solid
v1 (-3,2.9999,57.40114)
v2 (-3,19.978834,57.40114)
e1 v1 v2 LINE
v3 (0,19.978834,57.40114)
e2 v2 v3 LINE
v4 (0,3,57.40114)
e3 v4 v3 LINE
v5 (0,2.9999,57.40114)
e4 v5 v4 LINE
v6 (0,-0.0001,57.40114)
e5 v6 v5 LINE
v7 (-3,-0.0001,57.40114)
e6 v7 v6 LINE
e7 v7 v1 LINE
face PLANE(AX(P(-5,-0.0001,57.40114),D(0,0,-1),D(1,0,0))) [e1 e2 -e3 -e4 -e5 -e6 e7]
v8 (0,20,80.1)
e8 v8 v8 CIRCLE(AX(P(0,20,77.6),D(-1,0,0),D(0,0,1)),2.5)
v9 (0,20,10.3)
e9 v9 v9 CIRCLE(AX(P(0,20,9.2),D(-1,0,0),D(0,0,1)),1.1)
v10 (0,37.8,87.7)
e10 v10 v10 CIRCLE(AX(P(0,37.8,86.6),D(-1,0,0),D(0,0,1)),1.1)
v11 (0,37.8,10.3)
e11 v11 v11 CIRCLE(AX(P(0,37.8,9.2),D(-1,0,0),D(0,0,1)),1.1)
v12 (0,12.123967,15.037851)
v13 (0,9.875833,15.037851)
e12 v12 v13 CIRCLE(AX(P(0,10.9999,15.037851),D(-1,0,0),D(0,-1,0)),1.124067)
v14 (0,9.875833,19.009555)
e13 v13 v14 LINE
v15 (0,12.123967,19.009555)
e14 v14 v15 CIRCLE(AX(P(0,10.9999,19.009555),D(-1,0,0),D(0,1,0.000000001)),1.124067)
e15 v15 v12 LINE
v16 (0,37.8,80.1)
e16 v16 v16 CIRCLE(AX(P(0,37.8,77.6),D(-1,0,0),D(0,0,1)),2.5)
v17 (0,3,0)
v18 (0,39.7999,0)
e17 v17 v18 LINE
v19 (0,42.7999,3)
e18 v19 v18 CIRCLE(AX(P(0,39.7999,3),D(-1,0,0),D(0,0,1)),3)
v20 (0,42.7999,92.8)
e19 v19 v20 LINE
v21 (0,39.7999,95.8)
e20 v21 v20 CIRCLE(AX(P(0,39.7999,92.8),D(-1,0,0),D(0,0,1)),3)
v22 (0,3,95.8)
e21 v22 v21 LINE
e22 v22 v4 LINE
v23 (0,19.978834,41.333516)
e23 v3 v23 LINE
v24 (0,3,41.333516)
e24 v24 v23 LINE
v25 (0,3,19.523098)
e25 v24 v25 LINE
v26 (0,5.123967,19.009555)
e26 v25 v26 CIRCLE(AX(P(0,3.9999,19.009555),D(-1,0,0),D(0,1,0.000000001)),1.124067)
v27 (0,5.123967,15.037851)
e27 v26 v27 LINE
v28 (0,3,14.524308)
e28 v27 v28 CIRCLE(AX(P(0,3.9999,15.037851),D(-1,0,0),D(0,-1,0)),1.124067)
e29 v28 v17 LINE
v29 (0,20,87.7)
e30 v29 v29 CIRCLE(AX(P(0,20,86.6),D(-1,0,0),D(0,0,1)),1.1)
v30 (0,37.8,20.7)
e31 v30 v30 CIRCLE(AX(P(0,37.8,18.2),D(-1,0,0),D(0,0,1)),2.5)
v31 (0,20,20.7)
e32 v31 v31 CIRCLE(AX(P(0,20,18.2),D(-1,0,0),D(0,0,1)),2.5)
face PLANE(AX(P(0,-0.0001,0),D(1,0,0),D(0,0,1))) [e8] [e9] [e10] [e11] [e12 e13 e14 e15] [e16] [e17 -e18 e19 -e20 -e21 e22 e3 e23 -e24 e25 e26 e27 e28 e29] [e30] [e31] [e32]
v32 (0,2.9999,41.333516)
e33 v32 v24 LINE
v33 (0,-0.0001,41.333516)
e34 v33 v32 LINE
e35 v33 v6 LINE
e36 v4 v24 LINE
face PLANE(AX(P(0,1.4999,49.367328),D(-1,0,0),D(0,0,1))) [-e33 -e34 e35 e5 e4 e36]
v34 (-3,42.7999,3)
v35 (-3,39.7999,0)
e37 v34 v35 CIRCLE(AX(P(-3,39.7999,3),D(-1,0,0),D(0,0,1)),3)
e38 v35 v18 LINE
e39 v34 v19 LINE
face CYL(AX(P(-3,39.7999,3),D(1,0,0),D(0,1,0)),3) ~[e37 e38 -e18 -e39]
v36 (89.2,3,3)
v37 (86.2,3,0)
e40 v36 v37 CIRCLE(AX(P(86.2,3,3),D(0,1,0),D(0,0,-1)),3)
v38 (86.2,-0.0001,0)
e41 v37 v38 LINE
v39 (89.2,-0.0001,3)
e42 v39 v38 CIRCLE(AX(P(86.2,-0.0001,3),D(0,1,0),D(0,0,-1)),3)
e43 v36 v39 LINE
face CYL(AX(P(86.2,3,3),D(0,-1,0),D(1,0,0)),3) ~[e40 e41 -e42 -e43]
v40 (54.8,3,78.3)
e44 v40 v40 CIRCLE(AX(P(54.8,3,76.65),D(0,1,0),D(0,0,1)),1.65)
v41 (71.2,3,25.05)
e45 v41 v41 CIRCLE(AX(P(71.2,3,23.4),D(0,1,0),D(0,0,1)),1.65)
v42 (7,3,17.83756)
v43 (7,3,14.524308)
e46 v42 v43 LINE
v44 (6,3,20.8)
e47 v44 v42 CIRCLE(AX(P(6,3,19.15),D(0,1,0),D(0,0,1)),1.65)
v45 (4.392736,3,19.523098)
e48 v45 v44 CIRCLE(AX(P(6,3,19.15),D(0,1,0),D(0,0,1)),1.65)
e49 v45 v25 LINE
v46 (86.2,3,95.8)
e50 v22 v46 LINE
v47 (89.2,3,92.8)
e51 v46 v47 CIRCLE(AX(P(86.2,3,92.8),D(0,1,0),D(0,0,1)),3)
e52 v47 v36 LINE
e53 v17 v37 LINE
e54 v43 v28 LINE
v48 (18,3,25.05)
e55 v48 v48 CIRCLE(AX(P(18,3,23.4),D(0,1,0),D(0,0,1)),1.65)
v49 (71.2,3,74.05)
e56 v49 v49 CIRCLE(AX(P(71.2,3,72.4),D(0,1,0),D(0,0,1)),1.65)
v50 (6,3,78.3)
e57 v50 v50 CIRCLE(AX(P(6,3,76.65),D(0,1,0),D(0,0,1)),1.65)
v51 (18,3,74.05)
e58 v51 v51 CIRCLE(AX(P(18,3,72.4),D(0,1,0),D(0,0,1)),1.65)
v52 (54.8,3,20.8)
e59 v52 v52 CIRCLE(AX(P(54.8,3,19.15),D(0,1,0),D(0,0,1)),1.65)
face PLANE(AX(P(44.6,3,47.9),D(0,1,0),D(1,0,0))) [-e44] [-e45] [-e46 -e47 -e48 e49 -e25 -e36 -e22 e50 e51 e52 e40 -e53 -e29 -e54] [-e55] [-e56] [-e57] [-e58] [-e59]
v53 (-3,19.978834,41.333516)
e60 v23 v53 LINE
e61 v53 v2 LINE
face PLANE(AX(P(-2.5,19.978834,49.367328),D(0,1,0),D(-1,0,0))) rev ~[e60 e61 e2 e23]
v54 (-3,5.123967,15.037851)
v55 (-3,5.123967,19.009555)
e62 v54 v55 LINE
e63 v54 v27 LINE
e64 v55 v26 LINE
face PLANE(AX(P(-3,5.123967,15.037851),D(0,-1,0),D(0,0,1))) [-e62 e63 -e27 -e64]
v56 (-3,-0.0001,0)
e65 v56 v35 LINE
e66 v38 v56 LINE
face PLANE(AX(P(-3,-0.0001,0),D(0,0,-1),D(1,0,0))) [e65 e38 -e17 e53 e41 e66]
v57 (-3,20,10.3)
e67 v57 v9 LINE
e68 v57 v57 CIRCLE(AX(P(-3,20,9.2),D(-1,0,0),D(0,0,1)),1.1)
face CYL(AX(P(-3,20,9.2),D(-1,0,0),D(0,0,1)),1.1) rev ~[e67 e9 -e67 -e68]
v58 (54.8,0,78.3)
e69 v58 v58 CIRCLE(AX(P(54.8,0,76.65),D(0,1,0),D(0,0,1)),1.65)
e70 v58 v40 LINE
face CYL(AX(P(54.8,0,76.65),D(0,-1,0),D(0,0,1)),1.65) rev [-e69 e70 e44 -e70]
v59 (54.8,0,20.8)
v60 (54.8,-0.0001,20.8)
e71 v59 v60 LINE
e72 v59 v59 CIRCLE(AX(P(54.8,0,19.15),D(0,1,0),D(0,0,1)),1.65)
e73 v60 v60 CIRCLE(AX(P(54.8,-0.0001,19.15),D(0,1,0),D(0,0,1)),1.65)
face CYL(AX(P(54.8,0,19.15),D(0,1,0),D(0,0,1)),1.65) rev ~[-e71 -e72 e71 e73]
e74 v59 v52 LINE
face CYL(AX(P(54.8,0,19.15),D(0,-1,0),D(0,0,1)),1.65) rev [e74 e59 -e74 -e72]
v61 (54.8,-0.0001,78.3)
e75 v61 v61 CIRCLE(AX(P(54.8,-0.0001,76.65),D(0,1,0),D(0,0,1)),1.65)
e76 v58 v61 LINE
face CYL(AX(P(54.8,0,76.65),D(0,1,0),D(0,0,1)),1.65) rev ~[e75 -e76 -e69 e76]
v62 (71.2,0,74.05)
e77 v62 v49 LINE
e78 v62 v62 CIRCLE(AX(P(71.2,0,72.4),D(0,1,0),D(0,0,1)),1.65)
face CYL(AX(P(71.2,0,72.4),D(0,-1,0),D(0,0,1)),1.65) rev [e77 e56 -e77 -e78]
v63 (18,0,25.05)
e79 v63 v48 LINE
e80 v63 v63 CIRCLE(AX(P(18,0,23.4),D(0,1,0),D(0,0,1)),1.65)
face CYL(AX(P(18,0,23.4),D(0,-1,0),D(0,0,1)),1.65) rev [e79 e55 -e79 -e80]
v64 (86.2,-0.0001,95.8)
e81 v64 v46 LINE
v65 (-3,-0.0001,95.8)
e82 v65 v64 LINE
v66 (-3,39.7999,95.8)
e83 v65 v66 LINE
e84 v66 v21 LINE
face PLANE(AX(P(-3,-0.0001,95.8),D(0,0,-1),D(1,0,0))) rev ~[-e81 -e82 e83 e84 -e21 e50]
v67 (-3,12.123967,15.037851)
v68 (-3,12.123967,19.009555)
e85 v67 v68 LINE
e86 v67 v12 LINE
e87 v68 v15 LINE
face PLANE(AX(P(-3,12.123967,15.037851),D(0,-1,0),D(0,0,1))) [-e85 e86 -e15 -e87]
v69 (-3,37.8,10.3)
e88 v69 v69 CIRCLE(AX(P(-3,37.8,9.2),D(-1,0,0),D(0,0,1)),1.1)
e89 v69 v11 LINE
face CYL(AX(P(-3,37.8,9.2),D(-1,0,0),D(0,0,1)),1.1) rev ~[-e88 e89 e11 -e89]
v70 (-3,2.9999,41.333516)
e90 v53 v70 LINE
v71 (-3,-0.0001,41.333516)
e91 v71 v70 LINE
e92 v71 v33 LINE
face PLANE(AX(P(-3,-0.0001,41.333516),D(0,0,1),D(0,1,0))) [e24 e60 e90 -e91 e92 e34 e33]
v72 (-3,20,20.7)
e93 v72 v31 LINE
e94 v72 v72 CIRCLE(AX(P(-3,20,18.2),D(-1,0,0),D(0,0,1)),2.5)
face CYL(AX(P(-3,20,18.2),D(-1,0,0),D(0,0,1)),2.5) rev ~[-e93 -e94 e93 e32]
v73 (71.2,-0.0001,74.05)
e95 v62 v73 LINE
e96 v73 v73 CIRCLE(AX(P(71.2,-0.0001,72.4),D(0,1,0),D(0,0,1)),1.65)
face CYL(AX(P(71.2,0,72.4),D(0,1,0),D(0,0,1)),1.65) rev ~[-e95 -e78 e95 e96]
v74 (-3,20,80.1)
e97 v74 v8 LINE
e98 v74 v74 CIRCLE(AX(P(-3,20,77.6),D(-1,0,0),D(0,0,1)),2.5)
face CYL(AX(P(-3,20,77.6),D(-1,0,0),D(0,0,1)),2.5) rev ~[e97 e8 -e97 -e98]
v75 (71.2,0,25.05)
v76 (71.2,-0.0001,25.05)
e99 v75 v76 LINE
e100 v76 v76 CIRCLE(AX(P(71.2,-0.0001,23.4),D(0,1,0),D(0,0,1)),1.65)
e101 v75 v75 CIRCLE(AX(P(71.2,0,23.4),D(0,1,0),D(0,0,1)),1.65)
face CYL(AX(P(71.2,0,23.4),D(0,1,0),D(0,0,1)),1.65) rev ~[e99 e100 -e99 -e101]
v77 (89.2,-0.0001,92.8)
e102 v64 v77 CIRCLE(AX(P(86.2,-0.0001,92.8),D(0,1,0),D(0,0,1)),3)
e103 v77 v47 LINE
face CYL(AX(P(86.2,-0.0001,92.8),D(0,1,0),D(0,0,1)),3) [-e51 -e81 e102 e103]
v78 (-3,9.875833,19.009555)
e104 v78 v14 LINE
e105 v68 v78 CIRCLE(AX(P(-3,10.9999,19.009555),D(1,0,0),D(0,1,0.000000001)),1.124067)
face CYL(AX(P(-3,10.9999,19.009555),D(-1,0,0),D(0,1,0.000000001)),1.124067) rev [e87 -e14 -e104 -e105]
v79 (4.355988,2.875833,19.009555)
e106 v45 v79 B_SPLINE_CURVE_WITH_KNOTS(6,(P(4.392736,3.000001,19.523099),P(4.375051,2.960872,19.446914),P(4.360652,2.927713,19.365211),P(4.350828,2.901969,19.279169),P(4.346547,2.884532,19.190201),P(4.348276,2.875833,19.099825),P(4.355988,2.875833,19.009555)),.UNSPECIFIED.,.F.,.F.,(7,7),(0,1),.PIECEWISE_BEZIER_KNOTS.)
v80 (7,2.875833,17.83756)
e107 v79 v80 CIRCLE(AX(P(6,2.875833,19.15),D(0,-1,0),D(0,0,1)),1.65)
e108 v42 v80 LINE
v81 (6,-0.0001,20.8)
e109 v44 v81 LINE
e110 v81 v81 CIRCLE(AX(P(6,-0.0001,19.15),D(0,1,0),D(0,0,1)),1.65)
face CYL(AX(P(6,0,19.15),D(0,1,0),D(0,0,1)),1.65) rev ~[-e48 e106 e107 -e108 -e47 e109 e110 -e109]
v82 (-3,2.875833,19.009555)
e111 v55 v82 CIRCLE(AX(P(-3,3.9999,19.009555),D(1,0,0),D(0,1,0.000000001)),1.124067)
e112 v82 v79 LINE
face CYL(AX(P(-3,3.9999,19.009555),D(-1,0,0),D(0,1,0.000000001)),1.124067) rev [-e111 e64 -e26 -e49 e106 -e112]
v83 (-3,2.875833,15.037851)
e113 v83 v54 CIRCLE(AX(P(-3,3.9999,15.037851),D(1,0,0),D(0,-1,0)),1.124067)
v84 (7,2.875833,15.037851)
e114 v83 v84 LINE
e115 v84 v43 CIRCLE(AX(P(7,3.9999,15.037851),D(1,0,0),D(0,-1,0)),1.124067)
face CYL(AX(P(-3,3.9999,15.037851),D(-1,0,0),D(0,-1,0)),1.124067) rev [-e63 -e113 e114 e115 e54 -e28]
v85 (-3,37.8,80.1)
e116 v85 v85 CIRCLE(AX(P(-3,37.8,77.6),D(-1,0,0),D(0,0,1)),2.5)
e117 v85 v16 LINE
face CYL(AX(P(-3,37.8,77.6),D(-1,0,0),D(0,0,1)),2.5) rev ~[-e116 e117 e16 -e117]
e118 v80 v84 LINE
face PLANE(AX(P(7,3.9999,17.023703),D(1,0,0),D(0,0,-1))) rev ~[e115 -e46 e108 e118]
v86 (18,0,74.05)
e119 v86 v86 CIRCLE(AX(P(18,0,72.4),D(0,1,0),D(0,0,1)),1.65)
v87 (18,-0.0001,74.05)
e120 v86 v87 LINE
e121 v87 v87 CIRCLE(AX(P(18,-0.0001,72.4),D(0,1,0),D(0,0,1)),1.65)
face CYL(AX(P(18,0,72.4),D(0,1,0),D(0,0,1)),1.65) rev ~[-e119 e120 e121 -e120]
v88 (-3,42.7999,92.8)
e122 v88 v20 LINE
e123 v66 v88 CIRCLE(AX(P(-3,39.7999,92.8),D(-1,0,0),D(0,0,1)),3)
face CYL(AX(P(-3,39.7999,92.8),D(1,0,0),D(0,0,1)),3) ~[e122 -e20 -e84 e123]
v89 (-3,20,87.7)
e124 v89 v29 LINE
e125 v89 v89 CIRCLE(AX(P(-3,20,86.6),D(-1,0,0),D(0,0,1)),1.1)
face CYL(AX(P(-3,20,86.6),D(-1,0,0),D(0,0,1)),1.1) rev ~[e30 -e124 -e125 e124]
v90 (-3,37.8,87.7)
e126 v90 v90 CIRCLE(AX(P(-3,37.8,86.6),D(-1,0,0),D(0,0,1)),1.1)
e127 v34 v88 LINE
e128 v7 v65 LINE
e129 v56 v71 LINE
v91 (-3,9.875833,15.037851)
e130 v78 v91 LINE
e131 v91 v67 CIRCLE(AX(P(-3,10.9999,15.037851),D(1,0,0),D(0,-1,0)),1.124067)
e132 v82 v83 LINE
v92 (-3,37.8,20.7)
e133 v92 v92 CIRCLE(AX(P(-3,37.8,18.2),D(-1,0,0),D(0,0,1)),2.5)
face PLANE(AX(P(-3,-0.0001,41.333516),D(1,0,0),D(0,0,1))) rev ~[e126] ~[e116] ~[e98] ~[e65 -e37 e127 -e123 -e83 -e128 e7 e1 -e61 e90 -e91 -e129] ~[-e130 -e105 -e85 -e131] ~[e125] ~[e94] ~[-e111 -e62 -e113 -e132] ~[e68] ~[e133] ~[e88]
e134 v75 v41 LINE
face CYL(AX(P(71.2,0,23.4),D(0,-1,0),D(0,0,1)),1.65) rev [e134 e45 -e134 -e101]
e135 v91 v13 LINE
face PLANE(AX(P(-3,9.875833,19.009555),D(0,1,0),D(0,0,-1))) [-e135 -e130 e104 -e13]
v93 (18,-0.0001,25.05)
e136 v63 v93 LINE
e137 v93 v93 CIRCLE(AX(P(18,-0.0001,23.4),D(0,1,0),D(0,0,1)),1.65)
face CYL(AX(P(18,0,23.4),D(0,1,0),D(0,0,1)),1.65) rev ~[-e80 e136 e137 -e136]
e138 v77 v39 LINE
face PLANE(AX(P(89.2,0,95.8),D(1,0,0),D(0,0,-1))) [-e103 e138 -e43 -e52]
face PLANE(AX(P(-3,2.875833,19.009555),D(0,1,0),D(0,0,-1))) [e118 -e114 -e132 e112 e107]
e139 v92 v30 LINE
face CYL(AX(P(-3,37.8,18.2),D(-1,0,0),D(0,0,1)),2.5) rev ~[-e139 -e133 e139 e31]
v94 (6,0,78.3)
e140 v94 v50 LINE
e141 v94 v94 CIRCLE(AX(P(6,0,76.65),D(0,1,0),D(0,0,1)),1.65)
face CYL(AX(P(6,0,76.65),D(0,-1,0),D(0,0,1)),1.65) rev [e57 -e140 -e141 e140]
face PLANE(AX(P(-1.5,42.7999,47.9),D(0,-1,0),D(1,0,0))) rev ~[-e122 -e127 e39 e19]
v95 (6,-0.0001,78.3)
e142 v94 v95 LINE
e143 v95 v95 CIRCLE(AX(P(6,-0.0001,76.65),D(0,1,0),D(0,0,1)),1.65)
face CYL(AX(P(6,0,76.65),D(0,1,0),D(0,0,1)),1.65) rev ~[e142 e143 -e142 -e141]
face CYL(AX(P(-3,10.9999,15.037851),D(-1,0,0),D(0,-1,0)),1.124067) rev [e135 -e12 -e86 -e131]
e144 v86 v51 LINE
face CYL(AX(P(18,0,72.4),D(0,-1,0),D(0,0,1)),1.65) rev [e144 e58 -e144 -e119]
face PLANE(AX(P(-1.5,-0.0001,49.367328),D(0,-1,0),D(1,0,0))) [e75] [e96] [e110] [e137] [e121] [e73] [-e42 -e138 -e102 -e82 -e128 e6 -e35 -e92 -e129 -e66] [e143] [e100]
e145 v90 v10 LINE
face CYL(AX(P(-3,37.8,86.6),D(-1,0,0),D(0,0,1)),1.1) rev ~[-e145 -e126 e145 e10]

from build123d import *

# Parameters (mm, degrees)
SKETCH_3_W           = 89.2
SKETCH_3_H           = 95.8
SKETCH_3_R           = 1.65
EXTRUDE_1_DEPTH      = 3
EXTRUDE_1_DEPTH_BACK = 0.0001
SKETCH_6_W           = 3
SKETCH_6_H           = 95.8
EXTRUDE_3_DEPTH      = 42.8
SKETCH_8_R           = 1.1
CUT_EXTRUDE_6_DEPTH  = 47.8
SKETCH_8_9_R         = 1.1
CUT_EXTRUDE_7_DEPTH  = 47.8
SKETCH_8_10_R        = 1.1
CUT_EXTRUDE_8_DEPTH  = 47.8
SKETCH_8_11_R        = 1.1
CUT_EXTRUDE_9_DEPTH  = 47.8
SKETCH_12_R          = 2.5
CUT_EXTRUDE_10_DEPTH = 47.8
SKETCH_12_4_R        = 2.5
CUT_EXTRUDE_11_DEPTH = 47.8
CUT_EXTRUDE_21_DEPTH = 19.978934005
SKETCH_16_W          = 3
SKETCH_16_H          = 16.067623689
EXTRUDE_4_DEPTH      = 3
SKETCH_17_W          = 16.067623689
SKETCH_17_H          = 3
CUT_EXTRUDE_22_DEPTH = 3
CUT_EXTRUDE_23_DEPTH = 10
FILLET_1_R           = 3
FILLET_2_R           = 3
FILLET_3_R           = 3
FILLET_4_R           = 3


with BuildPart() as part:
    # Sketch 3 → Extrude 1 (new body, two sides)
    with BuildSketch(Plane(origin=(0, 0, 0), x_dir=(1, 0, 0), z_dir=(0, 1, 0))) as extrude_1_sk:
        with Locations((44.6, -47.9)):
            Rectangle(SKETCH_3_W, SKETCH_3_H)
        with Locations(Location((18, -23.4, 0), (0, 0, 270))):  # turned: the seam where the file's is
            Circle(SKETCH_3_R, mode=Mode.SUBTRACT)
        with Locations(Location((71.2, -23.4, 0), (0, 0, 270))):  # turned: the seam where the file's is
            Circle(SKETCH_3_R, mode=Mode.SUBTRACT)
        with Locations(Location((18, -72.4, 0), (0, 0, 270))):  # turned: the seam where the file's is
            Circle(SKETCH_3_R, mode=Mode.SUBTRACT)
        with Locations(Location((71.2, -72.4, 0), (0, 0, 270))):  # turned: the seam where the file's is
            Circle(SKETCH_3_R, mode=Mode.SUBTRACT)
        with Locations(Location((6, -19.15, 0), (0, 0, 270))):  # turned: the seam where the file's is
            Circle(SKETCH_3_R, mode=Mode.SUBTRACT)
        with Locations(Location((54.8, -19.15, 0), (0, 0, 270))):  # turned: the seam where the file's is
            Circle(SKETCH_3_R, mode=Mode.SUBTRACT)
        with Locations(Location((6, -76.65, 0), (0, 0, 270))):  # turned: the seam where the file's is
            Circle(SKETCH_3_R, mode=Mode.SUBTRACT)
        with Locations(Location((54.8, -76.65, 0), (0, 0, 270))):  # turned: the seam where the file's is
            Circle(SKETCH_3_R, mode=Mode.SUBTRACT)
    extrude(amount=EXTRUDE_1_DEPTH)
    extrude(extrude_1_sk.sketch, amount=-EXTRUDE_1_DEPTH_BACK)

    # Sketch 6 → Extrude 3 (add)
    with BuildSketch(Plane.XZ.offset(0.0001)):
        with Locations((-1.5, 47.9)):
            Rectangle(SKETCH_6_W, SKETCH_6_H)
    extrude(amount=-EXTRUDE_3_DEPTH)

    # Sketch 8 → Cut-Extrude 6 (cut)
    with BuildSketch(Plane.ZY.offset(3)):
        with Locations((86.6, 37.8)):
            Circle(SKETCH_8_R)
    extrude(amount=-CUT_EXTRUDE_6_DEPTH, mode=Mode.SUBTRACT)

    # Sketch 8_9 → Cut-Extrude 7 (cut)
    with BuildSketch(Plane.ZY.offset(3)):
        with Locations((9.2, 37.8)):
            Circle(SKETCH_8_9_R)
    extrude(amount=-CUT_EXTRUDE_7_DEPTH, mode=Mode.SUBTRACT)

    # Sketch 8_10 → Cut-Extrude 8 (cut)
    with BuildSketch(Plane.ZY.offset(3)):
        with Locations((9.2, 20)):
            Circle(SKETCH_8_10_R)
    extrude(amount=-CUT_EXTRUDE_8_DEPTH, mode=Mode.SUBTRACT)

    # Sketch 8_11 → Cut-Extrude 9 (cut)
    with BuildSketch(Plane.ZY.offset(3)):
        with Locations((86.6, 20)):
            Circle(SKETCH_8_11_R)
    extrude(amount=-CUT_EXTRUDE_9_DEPTH, mode=Mode.SUBTRACT)

    # Sketch 12 → Cut-Extrude 10 (cut)
    with BuildSketch(Plane.ZY.offset(3)):
        with Locations((18.2, 37.8)):
            Circle(SKETCH_12_R)
    extrude(amount=-CUT_EXTRUDE_10_DEPTH, mode=Mode.SUBTRACT)

    # Sketch 12_4 → Cut-Extrude 11 (cut)
    with BuildSketch(Plane.ZY.offset(3)):
        with Locations((77.6, 37.8)):
            Circle(SKETCH_12_4_R)
        with Locations((77.6, 20)):
            Circle(SKETCH_12_4_R)
        with Locations((18.2, 37.8)):
            Circle(SKETCH_12_4_R)
        with Locations((18.2, 20)):
            Circle(SKETCH_12_4_R)
    extrude(amount=-CUT_EXTRUDE_11_DEPTH, mode=Mode.SUBTRACT)

    # Sketch 13 → Cut-Extrude 21 (cut)
    with BuildSketch(Plane.XZ.offset(0.0001)):
        Polygon((-5, 47.9), (-5, 57.401139719), (0, 57.401139719), (0, 41.33351603), (-5, 41.33351603), align=None)
    extrude(amount=-CUT_EXTRUDE_21_DEPTH, mode=Mode.SUBTRACT)

    # Sketch 16 → Extrude 4 (add)
    with BuildSketch(Plane.XZ.offset(0.0001)):
        with Locations((-1.5, 49.367327875)):
            Rectangle(SKETCH_16_W, SKETCH_16_H)
    extrude(amount=-EXTRUDE_4_DEPTH)

    # Sketch 17 → Cut-Extrude 22 (cut)
    with BuildSketch(Plane.ZY.offset(3)):
        with Locations((49.367327875, 1.4999)):
            Rectangle(SKETCH_17_W, SKETCH_17_H)
    extrude(amount=-CUT_EXTRUDE_22_DEPTH, mode=Mode.SUBTRACT)

    # Sketch 18 → Cut-Extrude 23 (cut)
    with BuildSketch(Plane.ZY.offset(3)):
        with BuildLine():
            Line((19.009554581, 2.875833037), (15.037851313, 2.875833037))
            ThreePointArc((15.037851313, 2.875833037), (13.91378435, 3.9999), (15.037851313, 5.123966963))
            Line((15.037851313, 5.123966963), (19.009554581, 5.123966963))
            ThreePointArc((19.009554581, 5.123966963), (20.133621543, 3.9999), (19.009554581, 2.875833037))
        make_face()
        with BuildLine():
            Line((15.037851313, 12.123966963), (19.009554581, 12.123966963))
            ThreePointArc((19.009554581, 12.123966963), (20.133621543, 10.9999), (19.009554581, 9.875833037))
            Line((19.009554581, 9.875833037), (15.037851313, 9.875833037))
            ThreePointArc((15.037851313, 9.875833037), (13.91378435, 10.9999), (15.037851313, 12.123966963))
        make_face()
    extrude(amount=-CUT_EXTRUDE_23_DEPTH, mode=Mode.SUBTRACT)

    # Fillet 1
    fillet_1_edges = [part.edges().sort_by_distance(p)[0] for p in [
        (-1.5, 42.7999, 95.8),
    ]]
    fillet(fillet_1_edges, radius=FILLET_1_R)

    # Fillet 2
    fillet_2_edges = [part.edges().sort_by_distance(p)[0] for p in [
        (-1.5, 42.7999, 0),
    ]]
    fillet(fillet_2_edges, radius=FILLET_2_R)

    # Fillet 3
    fillet_3_edges = [part.edges().sort_by_distance(p)[0] for p in [
        (89.2, 1.49995, 95.8),
    ]]
    fillet(fillet_3_edges, radius=FILLET_3_R)

    # Fillet 4
    fillet_4_edges = [part.edges().sort_by_distance(p)[0] for p in [
        (89.2, 1.49995, 0),
    ]]
    fillet(fillet_4_edges, radius=FILLET_4_R)


solid = part.part
